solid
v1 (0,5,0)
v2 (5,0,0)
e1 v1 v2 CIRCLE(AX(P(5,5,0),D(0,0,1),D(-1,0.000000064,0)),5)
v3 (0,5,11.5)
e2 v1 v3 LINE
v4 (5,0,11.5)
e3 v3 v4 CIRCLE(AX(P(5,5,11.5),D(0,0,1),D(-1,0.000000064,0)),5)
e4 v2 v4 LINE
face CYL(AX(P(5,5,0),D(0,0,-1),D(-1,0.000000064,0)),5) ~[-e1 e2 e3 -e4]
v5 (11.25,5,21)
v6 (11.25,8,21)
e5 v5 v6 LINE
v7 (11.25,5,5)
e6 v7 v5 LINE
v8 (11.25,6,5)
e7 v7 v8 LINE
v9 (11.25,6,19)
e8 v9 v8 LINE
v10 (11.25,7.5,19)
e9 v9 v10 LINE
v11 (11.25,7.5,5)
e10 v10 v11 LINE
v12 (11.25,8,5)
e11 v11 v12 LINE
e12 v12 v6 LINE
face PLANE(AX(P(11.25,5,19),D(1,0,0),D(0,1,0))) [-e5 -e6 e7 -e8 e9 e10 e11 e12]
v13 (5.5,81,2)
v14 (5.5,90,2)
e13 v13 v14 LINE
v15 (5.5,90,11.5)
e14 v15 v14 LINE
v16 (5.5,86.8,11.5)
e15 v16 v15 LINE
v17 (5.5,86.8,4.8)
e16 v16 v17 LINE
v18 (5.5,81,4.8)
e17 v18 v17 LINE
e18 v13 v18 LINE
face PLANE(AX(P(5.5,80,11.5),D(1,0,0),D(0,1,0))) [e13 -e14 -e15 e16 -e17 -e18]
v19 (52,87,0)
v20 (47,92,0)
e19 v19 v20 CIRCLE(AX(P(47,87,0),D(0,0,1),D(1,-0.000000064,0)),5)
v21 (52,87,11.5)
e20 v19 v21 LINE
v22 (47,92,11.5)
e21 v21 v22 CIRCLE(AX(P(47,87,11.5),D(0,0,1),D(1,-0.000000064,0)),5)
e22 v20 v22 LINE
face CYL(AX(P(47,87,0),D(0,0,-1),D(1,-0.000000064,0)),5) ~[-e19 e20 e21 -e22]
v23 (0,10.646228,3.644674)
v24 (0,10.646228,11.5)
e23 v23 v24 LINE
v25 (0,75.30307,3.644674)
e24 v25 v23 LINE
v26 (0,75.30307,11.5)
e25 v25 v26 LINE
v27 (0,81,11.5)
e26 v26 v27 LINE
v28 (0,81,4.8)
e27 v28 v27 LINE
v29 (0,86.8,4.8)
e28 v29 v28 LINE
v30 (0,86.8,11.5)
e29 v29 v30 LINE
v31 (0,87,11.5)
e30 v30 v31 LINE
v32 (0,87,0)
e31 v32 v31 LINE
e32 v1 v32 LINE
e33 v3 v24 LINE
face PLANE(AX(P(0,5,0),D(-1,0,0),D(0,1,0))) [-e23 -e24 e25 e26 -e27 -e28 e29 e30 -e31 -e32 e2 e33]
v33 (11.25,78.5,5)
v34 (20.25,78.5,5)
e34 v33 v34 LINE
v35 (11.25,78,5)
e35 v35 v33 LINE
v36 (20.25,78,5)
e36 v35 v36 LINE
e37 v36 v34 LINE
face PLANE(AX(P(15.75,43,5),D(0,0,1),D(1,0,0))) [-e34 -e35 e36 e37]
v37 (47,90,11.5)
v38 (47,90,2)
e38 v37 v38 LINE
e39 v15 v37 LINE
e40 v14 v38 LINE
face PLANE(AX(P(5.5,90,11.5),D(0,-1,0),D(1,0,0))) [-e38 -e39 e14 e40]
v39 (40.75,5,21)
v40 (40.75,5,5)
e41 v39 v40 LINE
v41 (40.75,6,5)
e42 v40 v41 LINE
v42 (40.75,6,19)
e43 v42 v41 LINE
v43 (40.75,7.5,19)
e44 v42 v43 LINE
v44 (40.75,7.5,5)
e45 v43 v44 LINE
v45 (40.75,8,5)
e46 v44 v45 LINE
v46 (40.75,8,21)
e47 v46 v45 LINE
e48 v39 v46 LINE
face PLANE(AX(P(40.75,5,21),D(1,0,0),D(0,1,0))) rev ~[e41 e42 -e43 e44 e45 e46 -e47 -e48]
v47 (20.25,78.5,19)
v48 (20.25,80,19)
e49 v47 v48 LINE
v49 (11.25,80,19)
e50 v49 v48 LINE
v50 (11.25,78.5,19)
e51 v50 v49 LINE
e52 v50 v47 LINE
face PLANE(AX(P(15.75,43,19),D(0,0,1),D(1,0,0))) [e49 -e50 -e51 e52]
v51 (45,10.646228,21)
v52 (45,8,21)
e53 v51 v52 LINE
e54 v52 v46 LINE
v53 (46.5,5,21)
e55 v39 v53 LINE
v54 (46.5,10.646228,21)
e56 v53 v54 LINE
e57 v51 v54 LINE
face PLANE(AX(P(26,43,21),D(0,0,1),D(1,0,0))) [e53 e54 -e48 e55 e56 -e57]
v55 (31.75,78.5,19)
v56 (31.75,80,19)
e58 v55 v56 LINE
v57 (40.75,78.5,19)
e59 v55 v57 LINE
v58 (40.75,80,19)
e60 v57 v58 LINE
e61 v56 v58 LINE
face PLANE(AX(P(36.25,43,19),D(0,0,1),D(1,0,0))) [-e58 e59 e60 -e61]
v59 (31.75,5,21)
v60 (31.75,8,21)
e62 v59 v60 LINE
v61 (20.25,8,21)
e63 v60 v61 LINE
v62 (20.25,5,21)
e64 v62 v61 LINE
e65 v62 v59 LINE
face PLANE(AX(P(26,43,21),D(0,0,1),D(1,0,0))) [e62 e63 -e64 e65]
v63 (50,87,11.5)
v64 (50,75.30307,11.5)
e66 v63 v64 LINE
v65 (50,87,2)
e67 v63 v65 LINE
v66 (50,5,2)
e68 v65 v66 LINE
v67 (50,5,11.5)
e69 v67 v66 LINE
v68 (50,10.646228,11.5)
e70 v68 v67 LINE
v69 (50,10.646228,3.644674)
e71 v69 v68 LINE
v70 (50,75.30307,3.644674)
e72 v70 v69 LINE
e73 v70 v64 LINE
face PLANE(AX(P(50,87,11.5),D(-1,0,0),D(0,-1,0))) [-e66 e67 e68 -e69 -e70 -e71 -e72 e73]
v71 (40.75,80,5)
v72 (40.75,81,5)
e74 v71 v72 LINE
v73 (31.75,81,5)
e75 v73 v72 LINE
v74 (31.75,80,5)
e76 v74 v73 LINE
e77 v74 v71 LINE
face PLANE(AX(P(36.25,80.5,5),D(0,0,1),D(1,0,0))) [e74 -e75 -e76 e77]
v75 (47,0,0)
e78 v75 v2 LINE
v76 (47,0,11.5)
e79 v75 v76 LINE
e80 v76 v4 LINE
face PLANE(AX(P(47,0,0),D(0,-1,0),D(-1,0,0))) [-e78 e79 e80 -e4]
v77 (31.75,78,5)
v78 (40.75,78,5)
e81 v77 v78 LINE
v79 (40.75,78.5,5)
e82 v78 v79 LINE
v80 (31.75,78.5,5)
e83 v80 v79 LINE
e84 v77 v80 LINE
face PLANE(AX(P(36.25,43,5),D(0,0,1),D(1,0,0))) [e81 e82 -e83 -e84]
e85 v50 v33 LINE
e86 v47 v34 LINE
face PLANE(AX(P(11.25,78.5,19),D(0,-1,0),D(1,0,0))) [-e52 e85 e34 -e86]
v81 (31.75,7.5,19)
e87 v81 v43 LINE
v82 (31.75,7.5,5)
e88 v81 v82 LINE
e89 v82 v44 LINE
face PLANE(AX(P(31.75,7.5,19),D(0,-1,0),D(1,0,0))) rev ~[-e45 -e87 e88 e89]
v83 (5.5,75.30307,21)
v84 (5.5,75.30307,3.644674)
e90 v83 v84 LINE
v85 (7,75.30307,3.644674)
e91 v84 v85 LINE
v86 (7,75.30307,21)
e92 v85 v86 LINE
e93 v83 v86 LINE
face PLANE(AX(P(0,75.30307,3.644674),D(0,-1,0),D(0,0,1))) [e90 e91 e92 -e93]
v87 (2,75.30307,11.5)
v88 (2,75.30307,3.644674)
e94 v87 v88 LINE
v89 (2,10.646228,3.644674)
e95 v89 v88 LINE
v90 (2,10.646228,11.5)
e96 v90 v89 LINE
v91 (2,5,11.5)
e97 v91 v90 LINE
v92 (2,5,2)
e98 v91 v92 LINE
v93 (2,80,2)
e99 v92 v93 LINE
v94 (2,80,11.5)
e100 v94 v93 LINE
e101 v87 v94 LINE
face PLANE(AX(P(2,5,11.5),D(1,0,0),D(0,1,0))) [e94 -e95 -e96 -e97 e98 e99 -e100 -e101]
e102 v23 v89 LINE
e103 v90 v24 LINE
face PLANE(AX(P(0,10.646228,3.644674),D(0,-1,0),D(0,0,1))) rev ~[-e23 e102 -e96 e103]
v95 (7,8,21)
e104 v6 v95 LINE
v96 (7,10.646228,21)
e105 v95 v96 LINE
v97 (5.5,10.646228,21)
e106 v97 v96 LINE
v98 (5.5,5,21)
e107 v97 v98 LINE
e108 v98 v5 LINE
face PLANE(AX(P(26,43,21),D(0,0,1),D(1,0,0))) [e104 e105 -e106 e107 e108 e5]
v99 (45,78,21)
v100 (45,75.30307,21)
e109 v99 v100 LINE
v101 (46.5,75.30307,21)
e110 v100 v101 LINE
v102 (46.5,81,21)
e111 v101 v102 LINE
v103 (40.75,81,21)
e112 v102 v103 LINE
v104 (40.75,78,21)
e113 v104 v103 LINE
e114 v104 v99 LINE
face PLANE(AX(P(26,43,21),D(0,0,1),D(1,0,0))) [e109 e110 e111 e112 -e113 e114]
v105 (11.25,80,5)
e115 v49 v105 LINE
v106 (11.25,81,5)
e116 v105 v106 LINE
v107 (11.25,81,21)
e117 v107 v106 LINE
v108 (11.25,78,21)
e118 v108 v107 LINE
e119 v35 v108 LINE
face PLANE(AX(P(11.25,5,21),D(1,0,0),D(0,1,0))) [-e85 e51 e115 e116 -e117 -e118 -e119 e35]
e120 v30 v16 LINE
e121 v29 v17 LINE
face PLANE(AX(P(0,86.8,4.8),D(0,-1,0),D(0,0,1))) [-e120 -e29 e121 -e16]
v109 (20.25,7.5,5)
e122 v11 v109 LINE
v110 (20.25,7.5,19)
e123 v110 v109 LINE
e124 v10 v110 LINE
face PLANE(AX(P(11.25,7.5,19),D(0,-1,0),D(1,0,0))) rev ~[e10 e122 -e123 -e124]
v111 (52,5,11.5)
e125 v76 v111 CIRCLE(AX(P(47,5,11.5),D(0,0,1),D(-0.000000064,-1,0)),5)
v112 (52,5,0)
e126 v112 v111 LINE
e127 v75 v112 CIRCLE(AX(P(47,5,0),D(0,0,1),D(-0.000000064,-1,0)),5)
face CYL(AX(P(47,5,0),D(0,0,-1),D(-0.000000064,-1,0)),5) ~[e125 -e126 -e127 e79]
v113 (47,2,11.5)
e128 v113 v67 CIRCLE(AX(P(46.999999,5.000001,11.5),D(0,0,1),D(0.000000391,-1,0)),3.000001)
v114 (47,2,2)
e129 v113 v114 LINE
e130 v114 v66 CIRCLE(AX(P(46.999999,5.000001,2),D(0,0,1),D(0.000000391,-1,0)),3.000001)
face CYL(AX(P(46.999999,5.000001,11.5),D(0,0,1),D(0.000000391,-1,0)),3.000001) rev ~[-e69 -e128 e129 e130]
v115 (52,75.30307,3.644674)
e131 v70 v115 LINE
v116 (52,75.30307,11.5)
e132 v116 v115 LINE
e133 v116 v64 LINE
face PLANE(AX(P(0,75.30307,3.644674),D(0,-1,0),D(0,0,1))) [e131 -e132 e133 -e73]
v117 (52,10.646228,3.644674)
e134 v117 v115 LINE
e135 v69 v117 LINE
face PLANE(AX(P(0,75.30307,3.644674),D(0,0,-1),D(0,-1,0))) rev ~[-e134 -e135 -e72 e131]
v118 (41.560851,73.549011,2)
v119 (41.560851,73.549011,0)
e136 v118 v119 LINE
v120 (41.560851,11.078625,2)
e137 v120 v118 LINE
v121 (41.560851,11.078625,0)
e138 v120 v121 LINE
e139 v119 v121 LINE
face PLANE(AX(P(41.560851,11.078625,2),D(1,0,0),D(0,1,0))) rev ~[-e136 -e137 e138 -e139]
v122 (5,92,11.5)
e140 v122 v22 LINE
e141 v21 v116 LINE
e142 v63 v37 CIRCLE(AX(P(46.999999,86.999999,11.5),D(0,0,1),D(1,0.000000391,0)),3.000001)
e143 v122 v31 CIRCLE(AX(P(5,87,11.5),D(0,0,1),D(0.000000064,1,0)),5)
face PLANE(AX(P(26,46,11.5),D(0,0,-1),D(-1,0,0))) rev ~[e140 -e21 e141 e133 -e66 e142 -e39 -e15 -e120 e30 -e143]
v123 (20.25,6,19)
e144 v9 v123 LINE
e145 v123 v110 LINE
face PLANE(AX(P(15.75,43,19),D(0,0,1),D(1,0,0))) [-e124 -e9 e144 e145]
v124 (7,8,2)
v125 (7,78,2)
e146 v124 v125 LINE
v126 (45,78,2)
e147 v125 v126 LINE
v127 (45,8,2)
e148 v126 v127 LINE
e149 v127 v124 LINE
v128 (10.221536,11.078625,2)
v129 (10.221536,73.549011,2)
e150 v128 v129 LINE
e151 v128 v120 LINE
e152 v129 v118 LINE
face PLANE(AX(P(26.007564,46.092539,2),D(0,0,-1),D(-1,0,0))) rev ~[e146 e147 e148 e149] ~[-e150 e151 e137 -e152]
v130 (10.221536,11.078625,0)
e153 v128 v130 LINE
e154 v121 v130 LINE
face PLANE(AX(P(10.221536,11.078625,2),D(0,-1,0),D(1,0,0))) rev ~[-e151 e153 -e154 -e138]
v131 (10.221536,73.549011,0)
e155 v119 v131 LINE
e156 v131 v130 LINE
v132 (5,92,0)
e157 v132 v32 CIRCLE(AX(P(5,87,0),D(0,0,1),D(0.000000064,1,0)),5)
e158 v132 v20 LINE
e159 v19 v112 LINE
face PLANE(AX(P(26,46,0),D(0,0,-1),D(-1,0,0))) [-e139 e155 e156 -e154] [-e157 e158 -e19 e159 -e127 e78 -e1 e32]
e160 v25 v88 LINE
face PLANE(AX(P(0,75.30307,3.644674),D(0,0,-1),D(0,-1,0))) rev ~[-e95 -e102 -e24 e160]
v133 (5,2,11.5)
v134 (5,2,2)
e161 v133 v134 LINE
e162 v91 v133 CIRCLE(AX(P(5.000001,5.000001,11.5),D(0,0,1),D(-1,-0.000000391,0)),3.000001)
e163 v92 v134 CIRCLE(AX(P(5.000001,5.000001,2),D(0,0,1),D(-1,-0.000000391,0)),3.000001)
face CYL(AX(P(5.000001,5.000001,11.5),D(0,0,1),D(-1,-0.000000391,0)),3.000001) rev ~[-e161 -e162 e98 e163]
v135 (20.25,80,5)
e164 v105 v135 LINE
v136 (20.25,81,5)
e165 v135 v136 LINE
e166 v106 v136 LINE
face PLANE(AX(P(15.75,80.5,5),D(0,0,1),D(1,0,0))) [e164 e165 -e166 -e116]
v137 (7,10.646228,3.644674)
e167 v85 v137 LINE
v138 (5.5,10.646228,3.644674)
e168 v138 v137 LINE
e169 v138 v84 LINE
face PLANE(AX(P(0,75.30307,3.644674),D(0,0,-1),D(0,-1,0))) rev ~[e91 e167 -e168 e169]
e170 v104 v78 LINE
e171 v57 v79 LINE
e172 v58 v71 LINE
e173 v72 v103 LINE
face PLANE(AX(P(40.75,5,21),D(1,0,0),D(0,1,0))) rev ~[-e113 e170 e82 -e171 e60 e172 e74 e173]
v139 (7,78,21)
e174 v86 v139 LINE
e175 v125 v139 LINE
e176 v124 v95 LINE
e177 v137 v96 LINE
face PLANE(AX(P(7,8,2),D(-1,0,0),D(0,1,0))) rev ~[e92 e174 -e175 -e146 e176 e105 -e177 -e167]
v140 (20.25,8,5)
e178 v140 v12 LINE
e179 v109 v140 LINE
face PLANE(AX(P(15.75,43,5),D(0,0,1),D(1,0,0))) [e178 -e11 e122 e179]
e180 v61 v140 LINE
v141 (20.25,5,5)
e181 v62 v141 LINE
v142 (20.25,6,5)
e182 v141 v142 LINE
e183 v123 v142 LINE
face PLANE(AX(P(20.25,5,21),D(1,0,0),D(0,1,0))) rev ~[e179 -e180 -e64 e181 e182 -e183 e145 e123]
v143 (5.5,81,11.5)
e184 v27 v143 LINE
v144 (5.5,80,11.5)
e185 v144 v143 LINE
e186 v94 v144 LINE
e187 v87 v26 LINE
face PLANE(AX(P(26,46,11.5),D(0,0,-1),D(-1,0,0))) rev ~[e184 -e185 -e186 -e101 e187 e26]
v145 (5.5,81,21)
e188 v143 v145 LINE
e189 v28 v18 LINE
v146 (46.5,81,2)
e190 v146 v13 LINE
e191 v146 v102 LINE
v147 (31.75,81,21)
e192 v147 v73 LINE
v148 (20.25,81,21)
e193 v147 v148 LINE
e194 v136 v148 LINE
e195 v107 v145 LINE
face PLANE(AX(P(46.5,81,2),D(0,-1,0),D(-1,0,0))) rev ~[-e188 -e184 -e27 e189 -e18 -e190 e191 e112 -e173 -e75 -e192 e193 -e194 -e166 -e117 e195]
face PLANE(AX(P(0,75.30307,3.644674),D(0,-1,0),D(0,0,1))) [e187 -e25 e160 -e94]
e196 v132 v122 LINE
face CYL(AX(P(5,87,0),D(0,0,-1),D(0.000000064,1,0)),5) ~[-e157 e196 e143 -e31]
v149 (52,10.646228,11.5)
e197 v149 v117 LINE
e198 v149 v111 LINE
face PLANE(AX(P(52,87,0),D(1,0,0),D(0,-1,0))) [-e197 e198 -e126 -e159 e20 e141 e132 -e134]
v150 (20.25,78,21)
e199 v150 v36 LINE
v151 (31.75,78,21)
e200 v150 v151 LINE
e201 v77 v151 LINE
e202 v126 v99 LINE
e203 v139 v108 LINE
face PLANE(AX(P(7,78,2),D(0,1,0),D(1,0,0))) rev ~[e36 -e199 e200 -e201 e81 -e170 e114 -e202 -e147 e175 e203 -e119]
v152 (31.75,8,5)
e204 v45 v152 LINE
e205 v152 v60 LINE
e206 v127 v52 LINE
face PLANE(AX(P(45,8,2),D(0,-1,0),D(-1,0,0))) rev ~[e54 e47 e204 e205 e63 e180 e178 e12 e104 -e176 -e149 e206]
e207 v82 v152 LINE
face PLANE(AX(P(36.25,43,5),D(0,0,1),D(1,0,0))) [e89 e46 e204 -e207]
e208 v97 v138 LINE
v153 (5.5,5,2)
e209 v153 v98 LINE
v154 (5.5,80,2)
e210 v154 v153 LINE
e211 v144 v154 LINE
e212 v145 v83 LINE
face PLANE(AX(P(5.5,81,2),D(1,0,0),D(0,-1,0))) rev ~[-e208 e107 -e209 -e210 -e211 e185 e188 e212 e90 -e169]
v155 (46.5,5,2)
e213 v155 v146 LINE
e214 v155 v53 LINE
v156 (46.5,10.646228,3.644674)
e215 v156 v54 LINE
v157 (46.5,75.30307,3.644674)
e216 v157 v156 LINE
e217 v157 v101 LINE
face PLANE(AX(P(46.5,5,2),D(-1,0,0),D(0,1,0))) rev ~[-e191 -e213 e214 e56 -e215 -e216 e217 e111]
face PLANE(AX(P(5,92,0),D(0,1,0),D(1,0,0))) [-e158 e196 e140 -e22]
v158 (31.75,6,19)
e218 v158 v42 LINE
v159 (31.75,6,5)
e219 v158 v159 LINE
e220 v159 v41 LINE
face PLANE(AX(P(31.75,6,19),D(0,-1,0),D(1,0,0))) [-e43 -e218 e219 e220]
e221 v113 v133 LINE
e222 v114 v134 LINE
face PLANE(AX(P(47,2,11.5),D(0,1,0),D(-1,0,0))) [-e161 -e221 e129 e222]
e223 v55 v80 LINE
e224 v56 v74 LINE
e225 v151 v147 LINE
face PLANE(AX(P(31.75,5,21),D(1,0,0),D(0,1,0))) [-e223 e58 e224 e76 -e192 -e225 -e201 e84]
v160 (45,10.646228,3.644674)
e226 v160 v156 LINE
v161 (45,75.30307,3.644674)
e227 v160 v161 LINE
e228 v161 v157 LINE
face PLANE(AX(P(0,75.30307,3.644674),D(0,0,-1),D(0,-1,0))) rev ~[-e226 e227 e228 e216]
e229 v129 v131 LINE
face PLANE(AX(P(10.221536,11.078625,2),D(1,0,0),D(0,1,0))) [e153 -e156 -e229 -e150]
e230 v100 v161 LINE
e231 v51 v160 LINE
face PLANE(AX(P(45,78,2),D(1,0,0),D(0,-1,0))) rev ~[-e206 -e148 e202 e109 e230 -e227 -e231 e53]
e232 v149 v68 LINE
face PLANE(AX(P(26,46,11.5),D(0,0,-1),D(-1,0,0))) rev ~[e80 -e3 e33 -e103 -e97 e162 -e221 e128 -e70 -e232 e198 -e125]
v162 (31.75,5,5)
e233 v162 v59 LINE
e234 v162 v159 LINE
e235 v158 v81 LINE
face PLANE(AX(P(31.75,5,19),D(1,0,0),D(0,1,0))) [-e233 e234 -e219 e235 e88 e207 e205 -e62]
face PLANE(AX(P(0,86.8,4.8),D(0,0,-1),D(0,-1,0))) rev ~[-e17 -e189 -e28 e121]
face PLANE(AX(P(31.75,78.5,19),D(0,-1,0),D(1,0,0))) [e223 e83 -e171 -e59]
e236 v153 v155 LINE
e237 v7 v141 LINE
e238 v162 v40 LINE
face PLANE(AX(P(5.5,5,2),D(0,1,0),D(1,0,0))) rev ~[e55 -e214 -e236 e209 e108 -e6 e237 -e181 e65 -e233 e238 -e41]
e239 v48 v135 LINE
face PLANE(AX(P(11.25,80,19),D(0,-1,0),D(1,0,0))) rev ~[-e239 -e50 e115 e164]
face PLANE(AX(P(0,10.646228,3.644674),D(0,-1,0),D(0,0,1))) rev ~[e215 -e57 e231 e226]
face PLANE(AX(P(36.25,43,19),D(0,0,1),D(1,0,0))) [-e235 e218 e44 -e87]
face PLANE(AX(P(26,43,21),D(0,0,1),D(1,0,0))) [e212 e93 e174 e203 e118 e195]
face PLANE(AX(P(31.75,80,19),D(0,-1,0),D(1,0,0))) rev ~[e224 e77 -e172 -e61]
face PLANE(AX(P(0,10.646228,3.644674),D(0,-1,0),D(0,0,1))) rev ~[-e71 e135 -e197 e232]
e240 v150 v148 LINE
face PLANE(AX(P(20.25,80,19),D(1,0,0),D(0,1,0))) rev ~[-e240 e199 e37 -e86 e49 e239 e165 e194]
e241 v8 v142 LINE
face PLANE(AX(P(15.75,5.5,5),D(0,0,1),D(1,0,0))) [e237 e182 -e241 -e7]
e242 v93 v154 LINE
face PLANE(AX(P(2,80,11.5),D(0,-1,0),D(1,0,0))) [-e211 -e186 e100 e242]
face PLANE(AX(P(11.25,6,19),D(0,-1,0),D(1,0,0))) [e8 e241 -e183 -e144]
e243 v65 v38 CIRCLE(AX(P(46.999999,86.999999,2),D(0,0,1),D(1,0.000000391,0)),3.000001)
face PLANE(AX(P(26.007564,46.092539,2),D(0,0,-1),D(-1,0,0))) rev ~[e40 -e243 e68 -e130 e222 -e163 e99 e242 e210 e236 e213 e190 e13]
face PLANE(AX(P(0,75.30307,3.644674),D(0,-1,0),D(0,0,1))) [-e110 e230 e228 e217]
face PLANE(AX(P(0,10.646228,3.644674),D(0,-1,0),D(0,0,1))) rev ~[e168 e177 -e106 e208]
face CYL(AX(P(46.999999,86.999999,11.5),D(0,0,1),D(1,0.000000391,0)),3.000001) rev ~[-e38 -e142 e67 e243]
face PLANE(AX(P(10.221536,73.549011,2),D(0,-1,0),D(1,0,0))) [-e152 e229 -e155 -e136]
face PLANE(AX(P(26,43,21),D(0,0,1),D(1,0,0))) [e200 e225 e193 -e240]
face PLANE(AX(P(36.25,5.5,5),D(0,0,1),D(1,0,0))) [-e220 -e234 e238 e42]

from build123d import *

# Parameters (mm, degrees)
PAD_DEPTH       = 11.5
POCKET_DEPTH    = 9.5
PAD001_DEPTH    = 19
SKETCH003_W     = 5.8
SKETCH003_H     = 6.7
POCKET001_DEPTH = 6
SKETCH004_W     = 9
SKETCH004_H     = 76
POCKET002_DEPTH = 2
SKETCH005_W     = 9
SKETCH005_H     = 71
SKETCH005_H_2   = 1
POCKET003_DEPTH = 14
SKETCH006_W     = 31.339315
SKETCH006_H     = 62.470386
POCKET004_DEPTH = 5
SKETCH007_W     = 64.656841
SKETCH007_H     = 18.636995
POCKET005_DEPTH = 75


with BuildPart() as part:
    # Sketch → Pad (new body)
    with BuildSketch(Plane.XY):
        with BuildLine():
            Line((0, 5), (0, 87))
            ThreePointArc((5, 92), (1.464466, 90.535534), (0, 87))
            Line((5, 92), (47, 92))
            ThreePointArc((52, 87), (50.535534, 90.535534), (47, 92))
            Line((52, 87), (52, 5))
            ThreePointArc((47, 0), (50.535534, 1.464466), (52, 5))
            Line((47, 0), (5, 0))
            ThreePointArc((0, 5), (1.464466, 1.464466), (5, 0))
        make_face()
    extrude(amount=PAD_DEPTH)

    # Sketch001 → Pocket (cut)
    with BuildSketch(Plane.XY.offset(11.5)):
        with BuildLine():
            Line((2, 5), (2, 80))
            Line((2, 80), (5.5, 80))
            Line((5.5, 80), (5.5, 90))
            Line((5.5, 90), (47, 90))
            ThreePointArc((50, 87), (49.12132, 89.12132), (47, 90))
            Line((50, 87), (50, 5))
            ThreePointArc((47, 2), (49.12132, 2.87868), (50, 5))
            Line((47, 2), (5, 2))
            ThreePointArc((2, 5), (2.87868, 2.87868), (5, 2))
        make_face()
    extrude(amount=-POCKET_DEPTH, mode=Mode.SUBTRACT)

    # Sketch002 → Pad001 (new body)
    with BuildSketch(Plane.XY.offset(2)):
        Polygon((5.5, 5), (26, 5), (46.5, 5), (46.5, 81), (5.5, 81), align=None)
        Polygon((7, 78), (45, 78), (45, 8), (26, 8), (7, 8), align=None, mode=Mode.SUBTRACT)
    extrude(amount=PAD001_DEPTH)

    # Sketch003 → Pocket001 (cut)
    with BuildSketch(Plane(origin=(0, 0, 0), x_dir=(0, -1, 0), z_dir=(-1, 0, 0))):
        with Locations((-83.9, 8.15)):
            Rectangle(SKETCH003_W, SKETCH003_H)
    extrude(amount=-POCKET001_DEPTH, mode=Mode.SUBTRACT)

    # Sketch004 → Pocket002 (cut)
    with BuildSketch(Plane.XY.offset(21)):
        with Locations((15.75, 43)):
            Rectangle(SKETCH004_W, SKETCH004_H)
        with Locations((36.25, 43)):
            Rectangle(SKETCH004_W, SKETCH004_H)
    extrude(amount=-POCKET002_DEPTH, mode=Mode.SUBTRACT)

    # Sketch005 → Pocket003 (cut)
    with BuildSketch(Plane.XY.offset(19)):
        with Locations((15.75, 43)):
            Rectangle(SKETCH005_W, SKETCH005_H)
        with Locations((36.25, 43)):
            Rectangle(SKETCH005_W, SKETCH005_H)
        with Locations((15.75, 80.5)):
            Rectangle(SKETCH005_W, SKETCH005_H_2)
        with Locations((36.25, 80.5)):
            Rectangle(SKETCH005_W, SKETCH005_H_2)
        with Locations((15.75, 5.5)):
            Rectangle(SKETCH005_W, SKETCH005_H_2)
        with Locations((36.25, 5.5)):
            Rectangle(SKETCH005_W, SKETCH005_H_2)
    extrude(amount=-POCKET003_DEPTH, mode=Mode.SUBTRACT)

    # Sketch006 → Pocket004 (cut)
    with BuildSketch(Plane.XY.offset(2)):
        with Locations((25.891194, 42.313818)):
            Rectangle(SKETCH006_W, SKETCH006_H)
    extrude(amount=-POCKET004_DEPTH, mode=Mode.SUBTRACT)

    # Sketch007 → Pocket005 (cut)
    with BuildSketch(Plane(origin=(0, 0, 0), x_dir=(0, -1, 0), z_dir=(-1, 0, 0))):
        with Locations((-42.974649, 12.963171)):
            Rectangle(SKETCH007_W, SKETCH007_H)
    extrude(amount=-POCKET005_DEPTH, mode=Mode.SUBTRACT)


solid = part.part
